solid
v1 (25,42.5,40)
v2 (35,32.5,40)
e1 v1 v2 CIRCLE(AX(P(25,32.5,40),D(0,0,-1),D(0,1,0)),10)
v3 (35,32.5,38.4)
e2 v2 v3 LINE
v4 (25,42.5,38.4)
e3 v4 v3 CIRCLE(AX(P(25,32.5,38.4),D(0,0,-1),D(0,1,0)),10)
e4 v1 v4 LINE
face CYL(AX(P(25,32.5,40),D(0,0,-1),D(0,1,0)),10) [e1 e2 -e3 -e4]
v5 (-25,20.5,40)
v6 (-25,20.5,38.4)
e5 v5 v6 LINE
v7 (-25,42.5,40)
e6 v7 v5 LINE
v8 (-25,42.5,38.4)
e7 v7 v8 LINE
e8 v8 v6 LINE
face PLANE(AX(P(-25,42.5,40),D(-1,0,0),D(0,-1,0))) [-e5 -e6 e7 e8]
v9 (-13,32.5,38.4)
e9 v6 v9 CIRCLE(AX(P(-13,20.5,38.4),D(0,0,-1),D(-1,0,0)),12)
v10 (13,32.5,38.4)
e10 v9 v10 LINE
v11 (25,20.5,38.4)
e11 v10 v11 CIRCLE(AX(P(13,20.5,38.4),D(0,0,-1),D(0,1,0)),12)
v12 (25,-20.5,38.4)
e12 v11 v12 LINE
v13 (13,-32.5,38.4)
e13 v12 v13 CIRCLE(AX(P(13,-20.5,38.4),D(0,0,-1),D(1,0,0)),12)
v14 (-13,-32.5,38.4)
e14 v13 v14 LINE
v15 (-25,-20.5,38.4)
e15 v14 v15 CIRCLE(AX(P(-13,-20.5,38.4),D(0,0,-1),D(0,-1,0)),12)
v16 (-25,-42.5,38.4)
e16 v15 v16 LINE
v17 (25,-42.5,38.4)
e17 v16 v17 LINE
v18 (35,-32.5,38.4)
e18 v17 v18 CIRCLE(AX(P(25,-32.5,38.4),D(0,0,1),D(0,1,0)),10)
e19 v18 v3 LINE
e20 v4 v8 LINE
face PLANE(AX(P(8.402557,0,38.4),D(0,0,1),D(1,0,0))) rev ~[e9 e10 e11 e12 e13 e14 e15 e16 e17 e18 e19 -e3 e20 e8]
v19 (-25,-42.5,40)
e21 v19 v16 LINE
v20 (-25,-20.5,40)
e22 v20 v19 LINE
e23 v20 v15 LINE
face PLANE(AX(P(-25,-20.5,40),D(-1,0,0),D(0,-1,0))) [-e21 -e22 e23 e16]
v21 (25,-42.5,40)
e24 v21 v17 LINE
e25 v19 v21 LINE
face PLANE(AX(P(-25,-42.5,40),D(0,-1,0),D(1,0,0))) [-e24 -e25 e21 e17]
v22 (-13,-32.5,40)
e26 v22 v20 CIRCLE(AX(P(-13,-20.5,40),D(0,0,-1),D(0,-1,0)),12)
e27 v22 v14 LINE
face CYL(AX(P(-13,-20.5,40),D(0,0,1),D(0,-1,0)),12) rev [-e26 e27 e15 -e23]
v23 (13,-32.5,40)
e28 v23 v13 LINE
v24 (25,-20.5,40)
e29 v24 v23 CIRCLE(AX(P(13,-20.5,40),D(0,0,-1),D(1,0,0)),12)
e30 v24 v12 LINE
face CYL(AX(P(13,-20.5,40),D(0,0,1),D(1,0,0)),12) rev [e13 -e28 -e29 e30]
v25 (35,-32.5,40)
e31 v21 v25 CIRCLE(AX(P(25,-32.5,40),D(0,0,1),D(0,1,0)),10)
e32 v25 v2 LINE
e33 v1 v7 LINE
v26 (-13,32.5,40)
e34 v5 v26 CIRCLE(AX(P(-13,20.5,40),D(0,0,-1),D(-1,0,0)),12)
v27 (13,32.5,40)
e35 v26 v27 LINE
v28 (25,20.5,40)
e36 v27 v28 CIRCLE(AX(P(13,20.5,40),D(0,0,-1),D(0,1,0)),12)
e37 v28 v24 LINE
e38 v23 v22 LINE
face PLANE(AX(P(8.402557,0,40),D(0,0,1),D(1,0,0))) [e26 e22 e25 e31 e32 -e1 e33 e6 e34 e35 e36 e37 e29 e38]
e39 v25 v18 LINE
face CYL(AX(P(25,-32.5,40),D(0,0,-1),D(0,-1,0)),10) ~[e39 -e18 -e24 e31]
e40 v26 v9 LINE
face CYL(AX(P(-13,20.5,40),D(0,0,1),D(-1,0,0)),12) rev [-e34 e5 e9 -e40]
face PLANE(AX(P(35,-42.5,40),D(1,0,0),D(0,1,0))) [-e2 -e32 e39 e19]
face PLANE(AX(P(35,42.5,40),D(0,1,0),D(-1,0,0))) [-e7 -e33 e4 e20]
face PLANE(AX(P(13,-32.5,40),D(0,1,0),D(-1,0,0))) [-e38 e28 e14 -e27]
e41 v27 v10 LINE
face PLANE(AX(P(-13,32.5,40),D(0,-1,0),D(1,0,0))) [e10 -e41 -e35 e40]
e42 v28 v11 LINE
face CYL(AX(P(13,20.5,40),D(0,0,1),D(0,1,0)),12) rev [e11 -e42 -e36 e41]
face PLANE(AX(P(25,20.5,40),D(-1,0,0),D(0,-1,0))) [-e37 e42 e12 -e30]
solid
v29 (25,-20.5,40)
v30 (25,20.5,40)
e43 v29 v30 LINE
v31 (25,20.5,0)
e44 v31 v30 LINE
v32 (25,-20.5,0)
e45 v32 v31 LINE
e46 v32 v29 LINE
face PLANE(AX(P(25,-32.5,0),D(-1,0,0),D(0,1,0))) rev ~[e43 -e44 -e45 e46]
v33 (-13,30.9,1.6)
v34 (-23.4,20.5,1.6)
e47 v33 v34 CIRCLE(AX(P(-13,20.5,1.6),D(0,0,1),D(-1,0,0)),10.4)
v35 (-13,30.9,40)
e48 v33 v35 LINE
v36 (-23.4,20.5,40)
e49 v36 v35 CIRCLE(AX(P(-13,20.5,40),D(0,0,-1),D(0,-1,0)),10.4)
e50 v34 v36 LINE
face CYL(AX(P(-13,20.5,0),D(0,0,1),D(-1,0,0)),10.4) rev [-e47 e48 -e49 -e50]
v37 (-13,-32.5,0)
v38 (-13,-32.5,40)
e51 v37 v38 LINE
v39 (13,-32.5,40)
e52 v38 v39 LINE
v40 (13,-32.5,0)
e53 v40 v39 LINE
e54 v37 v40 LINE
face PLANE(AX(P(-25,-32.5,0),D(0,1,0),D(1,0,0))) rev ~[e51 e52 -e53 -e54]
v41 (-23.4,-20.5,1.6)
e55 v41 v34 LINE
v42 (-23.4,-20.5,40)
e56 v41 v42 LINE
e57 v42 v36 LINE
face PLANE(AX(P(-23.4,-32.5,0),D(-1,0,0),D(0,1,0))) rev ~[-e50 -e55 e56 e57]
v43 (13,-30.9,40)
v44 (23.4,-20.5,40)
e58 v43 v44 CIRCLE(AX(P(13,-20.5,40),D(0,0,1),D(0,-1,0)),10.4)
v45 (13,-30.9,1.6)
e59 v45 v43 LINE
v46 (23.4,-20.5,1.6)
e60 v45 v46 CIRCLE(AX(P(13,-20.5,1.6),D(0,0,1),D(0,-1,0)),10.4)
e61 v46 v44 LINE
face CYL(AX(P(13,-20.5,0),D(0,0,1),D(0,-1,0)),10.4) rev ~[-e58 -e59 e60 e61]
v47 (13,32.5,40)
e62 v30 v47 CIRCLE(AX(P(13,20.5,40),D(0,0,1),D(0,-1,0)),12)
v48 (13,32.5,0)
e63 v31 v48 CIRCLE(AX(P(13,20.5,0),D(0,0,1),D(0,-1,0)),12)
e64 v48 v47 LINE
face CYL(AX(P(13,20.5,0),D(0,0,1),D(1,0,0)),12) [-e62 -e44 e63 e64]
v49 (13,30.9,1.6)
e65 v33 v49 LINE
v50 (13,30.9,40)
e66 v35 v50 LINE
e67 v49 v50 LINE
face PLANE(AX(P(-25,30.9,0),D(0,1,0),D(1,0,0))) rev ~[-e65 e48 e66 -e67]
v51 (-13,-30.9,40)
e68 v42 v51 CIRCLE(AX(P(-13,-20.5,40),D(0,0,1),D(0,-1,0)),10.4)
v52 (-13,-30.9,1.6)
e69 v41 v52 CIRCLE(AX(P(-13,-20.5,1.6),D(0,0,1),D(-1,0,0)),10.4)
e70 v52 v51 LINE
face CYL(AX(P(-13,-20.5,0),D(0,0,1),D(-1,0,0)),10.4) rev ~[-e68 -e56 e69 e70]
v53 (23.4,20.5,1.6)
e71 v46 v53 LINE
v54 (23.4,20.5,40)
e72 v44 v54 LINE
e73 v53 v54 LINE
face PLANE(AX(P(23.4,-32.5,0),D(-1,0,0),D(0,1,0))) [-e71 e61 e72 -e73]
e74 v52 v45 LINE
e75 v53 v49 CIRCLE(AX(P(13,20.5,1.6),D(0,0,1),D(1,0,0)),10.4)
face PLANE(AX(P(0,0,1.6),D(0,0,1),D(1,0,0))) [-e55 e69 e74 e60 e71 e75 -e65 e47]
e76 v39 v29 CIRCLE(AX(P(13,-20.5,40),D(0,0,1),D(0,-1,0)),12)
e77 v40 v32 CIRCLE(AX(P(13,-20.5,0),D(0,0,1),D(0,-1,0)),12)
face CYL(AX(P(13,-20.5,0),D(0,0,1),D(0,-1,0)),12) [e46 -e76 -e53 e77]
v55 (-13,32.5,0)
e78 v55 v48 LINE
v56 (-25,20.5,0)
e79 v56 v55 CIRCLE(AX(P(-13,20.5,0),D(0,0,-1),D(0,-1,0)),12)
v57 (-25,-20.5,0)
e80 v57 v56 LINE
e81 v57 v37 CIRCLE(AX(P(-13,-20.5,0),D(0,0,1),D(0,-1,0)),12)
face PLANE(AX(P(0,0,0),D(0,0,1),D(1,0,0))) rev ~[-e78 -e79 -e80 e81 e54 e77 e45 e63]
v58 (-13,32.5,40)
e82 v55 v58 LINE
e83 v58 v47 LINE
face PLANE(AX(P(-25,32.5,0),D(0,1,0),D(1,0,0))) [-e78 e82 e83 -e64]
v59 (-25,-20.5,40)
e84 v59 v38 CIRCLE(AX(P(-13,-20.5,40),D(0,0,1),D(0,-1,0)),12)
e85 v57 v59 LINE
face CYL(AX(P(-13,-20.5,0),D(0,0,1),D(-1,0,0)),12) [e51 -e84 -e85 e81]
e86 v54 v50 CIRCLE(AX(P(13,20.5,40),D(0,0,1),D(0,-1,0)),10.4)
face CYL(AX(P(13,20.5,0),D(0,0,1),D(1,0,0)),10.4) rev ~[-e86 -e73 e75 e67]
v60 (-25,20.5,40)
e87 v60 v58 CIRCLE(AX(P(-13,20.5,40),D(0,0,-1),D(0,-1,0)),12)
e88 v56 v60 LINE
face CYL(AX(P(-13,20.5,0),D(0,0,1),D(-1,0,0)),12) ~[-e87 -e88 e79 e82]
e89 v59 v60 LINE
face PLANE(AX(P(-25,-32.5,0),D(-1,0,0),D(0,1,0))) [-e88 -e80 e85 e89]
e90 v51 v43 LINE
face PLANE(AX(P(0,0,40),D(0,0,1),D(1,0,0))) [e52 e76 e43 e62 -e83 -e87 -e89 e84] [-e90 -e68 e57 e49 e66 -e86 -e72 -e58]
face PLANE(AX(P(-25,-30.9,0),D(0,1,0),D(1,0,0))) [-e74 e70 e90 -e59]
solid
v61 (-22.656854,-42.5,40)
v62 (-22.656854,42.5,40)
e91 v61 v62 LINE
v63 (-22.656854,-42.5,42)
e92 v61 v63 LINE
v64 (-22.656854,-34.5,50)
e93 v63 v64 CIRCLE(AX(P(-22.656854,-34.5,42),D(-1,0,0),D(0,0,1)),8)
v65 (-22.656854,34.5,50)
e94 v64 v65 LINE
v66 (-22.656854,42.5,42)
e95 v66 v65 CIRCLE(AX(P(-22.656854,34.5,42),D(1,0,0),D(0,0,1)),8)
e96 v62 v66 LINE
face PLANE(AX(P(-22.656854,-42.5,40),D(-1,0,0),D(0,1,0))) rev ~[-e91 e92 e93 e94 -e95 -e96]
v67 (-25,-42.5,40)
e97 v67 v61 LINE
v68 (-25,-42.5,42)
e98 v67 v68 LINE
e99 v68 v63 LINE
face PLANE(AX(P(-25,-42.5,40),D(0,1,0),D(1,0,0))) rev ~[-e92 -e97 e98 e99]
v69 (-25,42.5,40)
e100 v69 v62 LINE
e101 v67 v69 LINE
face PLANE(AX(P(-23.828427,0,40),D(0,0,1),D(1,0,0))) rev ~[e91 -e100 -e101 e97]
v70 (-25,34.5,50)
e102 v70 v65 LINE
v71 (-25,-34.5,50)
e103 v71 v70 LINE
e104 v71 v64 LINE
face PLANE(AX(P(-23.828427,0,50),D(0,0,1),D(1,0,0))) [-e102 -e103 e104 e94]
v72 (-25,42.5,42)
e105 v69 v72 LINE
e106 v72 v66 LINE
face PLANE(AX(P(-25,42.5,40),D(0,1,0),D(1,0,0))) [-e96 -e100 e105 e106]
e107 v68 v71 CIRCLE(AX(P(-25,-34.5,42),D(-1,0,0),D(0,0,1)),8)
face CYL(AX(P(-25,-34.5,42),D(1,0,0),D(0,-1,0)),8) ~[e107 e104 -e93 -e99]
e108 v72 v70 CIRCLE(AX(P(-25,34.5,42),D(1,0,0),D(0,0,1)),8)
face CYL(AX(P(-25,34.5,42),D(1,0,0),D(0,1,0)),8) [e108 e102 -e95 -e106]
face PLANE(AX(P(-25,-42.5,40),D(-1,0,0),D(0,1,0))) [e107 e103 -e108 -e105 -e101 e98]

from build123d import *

# Parameters (mm, degrees)
F0_W     = 50
F0_H     = 65
F1_DEPTH = 40
F2_R     = 12
F3_T     = -1.6
F5_DEPTH = 1.6
F6_R     = 10
F7_W     = 2.3431457505
F7_H     = 85
F8_DEPTH = 10
F9_R     = 8


with BuildPart() as f1:
    # F0 (on Top) → F1 (new body)
    with BuildSketch(Plane.XY):
        Rectangle(F0_W, F0_H)
    extrude(amount=F1_DEPTH)

    # F2
    f2_edges = [f1.edges().sort_by_distance(p)[0] for p in [
        (-25, -32.5, 20),
        (25, -32.5, 20),
        (25, 32.5, 20),
        (-25, 32.5, 20),
    ]]
    fillet(f2_edges, radius=F2_R)

    # F3
    f3_openings = [f1.faces().sort_by_distance(p)[0] for p in [
        (0, 0, 40),
    ]]
    offset(amount=F3_T, openings=f3_openings)


with BuildPart() as f5:
    # F4 (on face) → F5 (new body)
    with BuildSketch(Plane.XY.offset(40)):
        with BuildLine():
            Line((35, 42.5), (-25, 42.5))
            Line((-25, 42.5), (-25, 20.5))
            ThreePointArc((-25, 20.5), (-21.4852813742, 28.9852813742), (-13, 32.5))
            Line((-13, 32.5), (13, 32.5))
            ThreePointArc((13, 32.5), (21.4852813742, 28.9852813742), (25, 20.5))
            Line((25, 20.5), (25, -20.5))
            ThreePointArc((25, -20.5), (21.4852813742, -28.9852813742), (13, -32.5))
            Line((13, -32.5), (-13, -32.5))
            ThreePointArc((-13, -32.5), (-21.4852813742, -28.9852813742), (-25, -20.5))
            Line((-25, -20.5), (-25, -42.5))
            Line((-25, -42.5), (35, -42.5))
            Line((35, -42.5), (35, 42.5))
        make_face()
    extrude(amount=-F5_DEPTH)

    # F6
    f6_edges = [f5.edges().sort_by_distance(p)[0] for p in [
        (35, 42.5, 39.2),
        (35, -42.5, 39.2),
    ]]
    fillet(f6_edges, radius=F6_R)


with BuildPart() as f8:
    # F7 (on face) → F8 (new body)
    with BuildSketch(Plane.XY.offset(40)):
        with Locations((-23.8284271247, 0)):
            Rectangle(F7_W, F7_H)
    extrude(amount=F8_DEPTH)

    # F9
    f9_edges = [f8.edges().sort_by_distance(p)[0] for p in [
        (-23.828427, 42.5, 50),
        (-23.828427, -42.5, 50),
    ]]
    fillet(f9_edges, radius=F9_R)


solid = Compound([f1.part, f5.part, f8.part])
